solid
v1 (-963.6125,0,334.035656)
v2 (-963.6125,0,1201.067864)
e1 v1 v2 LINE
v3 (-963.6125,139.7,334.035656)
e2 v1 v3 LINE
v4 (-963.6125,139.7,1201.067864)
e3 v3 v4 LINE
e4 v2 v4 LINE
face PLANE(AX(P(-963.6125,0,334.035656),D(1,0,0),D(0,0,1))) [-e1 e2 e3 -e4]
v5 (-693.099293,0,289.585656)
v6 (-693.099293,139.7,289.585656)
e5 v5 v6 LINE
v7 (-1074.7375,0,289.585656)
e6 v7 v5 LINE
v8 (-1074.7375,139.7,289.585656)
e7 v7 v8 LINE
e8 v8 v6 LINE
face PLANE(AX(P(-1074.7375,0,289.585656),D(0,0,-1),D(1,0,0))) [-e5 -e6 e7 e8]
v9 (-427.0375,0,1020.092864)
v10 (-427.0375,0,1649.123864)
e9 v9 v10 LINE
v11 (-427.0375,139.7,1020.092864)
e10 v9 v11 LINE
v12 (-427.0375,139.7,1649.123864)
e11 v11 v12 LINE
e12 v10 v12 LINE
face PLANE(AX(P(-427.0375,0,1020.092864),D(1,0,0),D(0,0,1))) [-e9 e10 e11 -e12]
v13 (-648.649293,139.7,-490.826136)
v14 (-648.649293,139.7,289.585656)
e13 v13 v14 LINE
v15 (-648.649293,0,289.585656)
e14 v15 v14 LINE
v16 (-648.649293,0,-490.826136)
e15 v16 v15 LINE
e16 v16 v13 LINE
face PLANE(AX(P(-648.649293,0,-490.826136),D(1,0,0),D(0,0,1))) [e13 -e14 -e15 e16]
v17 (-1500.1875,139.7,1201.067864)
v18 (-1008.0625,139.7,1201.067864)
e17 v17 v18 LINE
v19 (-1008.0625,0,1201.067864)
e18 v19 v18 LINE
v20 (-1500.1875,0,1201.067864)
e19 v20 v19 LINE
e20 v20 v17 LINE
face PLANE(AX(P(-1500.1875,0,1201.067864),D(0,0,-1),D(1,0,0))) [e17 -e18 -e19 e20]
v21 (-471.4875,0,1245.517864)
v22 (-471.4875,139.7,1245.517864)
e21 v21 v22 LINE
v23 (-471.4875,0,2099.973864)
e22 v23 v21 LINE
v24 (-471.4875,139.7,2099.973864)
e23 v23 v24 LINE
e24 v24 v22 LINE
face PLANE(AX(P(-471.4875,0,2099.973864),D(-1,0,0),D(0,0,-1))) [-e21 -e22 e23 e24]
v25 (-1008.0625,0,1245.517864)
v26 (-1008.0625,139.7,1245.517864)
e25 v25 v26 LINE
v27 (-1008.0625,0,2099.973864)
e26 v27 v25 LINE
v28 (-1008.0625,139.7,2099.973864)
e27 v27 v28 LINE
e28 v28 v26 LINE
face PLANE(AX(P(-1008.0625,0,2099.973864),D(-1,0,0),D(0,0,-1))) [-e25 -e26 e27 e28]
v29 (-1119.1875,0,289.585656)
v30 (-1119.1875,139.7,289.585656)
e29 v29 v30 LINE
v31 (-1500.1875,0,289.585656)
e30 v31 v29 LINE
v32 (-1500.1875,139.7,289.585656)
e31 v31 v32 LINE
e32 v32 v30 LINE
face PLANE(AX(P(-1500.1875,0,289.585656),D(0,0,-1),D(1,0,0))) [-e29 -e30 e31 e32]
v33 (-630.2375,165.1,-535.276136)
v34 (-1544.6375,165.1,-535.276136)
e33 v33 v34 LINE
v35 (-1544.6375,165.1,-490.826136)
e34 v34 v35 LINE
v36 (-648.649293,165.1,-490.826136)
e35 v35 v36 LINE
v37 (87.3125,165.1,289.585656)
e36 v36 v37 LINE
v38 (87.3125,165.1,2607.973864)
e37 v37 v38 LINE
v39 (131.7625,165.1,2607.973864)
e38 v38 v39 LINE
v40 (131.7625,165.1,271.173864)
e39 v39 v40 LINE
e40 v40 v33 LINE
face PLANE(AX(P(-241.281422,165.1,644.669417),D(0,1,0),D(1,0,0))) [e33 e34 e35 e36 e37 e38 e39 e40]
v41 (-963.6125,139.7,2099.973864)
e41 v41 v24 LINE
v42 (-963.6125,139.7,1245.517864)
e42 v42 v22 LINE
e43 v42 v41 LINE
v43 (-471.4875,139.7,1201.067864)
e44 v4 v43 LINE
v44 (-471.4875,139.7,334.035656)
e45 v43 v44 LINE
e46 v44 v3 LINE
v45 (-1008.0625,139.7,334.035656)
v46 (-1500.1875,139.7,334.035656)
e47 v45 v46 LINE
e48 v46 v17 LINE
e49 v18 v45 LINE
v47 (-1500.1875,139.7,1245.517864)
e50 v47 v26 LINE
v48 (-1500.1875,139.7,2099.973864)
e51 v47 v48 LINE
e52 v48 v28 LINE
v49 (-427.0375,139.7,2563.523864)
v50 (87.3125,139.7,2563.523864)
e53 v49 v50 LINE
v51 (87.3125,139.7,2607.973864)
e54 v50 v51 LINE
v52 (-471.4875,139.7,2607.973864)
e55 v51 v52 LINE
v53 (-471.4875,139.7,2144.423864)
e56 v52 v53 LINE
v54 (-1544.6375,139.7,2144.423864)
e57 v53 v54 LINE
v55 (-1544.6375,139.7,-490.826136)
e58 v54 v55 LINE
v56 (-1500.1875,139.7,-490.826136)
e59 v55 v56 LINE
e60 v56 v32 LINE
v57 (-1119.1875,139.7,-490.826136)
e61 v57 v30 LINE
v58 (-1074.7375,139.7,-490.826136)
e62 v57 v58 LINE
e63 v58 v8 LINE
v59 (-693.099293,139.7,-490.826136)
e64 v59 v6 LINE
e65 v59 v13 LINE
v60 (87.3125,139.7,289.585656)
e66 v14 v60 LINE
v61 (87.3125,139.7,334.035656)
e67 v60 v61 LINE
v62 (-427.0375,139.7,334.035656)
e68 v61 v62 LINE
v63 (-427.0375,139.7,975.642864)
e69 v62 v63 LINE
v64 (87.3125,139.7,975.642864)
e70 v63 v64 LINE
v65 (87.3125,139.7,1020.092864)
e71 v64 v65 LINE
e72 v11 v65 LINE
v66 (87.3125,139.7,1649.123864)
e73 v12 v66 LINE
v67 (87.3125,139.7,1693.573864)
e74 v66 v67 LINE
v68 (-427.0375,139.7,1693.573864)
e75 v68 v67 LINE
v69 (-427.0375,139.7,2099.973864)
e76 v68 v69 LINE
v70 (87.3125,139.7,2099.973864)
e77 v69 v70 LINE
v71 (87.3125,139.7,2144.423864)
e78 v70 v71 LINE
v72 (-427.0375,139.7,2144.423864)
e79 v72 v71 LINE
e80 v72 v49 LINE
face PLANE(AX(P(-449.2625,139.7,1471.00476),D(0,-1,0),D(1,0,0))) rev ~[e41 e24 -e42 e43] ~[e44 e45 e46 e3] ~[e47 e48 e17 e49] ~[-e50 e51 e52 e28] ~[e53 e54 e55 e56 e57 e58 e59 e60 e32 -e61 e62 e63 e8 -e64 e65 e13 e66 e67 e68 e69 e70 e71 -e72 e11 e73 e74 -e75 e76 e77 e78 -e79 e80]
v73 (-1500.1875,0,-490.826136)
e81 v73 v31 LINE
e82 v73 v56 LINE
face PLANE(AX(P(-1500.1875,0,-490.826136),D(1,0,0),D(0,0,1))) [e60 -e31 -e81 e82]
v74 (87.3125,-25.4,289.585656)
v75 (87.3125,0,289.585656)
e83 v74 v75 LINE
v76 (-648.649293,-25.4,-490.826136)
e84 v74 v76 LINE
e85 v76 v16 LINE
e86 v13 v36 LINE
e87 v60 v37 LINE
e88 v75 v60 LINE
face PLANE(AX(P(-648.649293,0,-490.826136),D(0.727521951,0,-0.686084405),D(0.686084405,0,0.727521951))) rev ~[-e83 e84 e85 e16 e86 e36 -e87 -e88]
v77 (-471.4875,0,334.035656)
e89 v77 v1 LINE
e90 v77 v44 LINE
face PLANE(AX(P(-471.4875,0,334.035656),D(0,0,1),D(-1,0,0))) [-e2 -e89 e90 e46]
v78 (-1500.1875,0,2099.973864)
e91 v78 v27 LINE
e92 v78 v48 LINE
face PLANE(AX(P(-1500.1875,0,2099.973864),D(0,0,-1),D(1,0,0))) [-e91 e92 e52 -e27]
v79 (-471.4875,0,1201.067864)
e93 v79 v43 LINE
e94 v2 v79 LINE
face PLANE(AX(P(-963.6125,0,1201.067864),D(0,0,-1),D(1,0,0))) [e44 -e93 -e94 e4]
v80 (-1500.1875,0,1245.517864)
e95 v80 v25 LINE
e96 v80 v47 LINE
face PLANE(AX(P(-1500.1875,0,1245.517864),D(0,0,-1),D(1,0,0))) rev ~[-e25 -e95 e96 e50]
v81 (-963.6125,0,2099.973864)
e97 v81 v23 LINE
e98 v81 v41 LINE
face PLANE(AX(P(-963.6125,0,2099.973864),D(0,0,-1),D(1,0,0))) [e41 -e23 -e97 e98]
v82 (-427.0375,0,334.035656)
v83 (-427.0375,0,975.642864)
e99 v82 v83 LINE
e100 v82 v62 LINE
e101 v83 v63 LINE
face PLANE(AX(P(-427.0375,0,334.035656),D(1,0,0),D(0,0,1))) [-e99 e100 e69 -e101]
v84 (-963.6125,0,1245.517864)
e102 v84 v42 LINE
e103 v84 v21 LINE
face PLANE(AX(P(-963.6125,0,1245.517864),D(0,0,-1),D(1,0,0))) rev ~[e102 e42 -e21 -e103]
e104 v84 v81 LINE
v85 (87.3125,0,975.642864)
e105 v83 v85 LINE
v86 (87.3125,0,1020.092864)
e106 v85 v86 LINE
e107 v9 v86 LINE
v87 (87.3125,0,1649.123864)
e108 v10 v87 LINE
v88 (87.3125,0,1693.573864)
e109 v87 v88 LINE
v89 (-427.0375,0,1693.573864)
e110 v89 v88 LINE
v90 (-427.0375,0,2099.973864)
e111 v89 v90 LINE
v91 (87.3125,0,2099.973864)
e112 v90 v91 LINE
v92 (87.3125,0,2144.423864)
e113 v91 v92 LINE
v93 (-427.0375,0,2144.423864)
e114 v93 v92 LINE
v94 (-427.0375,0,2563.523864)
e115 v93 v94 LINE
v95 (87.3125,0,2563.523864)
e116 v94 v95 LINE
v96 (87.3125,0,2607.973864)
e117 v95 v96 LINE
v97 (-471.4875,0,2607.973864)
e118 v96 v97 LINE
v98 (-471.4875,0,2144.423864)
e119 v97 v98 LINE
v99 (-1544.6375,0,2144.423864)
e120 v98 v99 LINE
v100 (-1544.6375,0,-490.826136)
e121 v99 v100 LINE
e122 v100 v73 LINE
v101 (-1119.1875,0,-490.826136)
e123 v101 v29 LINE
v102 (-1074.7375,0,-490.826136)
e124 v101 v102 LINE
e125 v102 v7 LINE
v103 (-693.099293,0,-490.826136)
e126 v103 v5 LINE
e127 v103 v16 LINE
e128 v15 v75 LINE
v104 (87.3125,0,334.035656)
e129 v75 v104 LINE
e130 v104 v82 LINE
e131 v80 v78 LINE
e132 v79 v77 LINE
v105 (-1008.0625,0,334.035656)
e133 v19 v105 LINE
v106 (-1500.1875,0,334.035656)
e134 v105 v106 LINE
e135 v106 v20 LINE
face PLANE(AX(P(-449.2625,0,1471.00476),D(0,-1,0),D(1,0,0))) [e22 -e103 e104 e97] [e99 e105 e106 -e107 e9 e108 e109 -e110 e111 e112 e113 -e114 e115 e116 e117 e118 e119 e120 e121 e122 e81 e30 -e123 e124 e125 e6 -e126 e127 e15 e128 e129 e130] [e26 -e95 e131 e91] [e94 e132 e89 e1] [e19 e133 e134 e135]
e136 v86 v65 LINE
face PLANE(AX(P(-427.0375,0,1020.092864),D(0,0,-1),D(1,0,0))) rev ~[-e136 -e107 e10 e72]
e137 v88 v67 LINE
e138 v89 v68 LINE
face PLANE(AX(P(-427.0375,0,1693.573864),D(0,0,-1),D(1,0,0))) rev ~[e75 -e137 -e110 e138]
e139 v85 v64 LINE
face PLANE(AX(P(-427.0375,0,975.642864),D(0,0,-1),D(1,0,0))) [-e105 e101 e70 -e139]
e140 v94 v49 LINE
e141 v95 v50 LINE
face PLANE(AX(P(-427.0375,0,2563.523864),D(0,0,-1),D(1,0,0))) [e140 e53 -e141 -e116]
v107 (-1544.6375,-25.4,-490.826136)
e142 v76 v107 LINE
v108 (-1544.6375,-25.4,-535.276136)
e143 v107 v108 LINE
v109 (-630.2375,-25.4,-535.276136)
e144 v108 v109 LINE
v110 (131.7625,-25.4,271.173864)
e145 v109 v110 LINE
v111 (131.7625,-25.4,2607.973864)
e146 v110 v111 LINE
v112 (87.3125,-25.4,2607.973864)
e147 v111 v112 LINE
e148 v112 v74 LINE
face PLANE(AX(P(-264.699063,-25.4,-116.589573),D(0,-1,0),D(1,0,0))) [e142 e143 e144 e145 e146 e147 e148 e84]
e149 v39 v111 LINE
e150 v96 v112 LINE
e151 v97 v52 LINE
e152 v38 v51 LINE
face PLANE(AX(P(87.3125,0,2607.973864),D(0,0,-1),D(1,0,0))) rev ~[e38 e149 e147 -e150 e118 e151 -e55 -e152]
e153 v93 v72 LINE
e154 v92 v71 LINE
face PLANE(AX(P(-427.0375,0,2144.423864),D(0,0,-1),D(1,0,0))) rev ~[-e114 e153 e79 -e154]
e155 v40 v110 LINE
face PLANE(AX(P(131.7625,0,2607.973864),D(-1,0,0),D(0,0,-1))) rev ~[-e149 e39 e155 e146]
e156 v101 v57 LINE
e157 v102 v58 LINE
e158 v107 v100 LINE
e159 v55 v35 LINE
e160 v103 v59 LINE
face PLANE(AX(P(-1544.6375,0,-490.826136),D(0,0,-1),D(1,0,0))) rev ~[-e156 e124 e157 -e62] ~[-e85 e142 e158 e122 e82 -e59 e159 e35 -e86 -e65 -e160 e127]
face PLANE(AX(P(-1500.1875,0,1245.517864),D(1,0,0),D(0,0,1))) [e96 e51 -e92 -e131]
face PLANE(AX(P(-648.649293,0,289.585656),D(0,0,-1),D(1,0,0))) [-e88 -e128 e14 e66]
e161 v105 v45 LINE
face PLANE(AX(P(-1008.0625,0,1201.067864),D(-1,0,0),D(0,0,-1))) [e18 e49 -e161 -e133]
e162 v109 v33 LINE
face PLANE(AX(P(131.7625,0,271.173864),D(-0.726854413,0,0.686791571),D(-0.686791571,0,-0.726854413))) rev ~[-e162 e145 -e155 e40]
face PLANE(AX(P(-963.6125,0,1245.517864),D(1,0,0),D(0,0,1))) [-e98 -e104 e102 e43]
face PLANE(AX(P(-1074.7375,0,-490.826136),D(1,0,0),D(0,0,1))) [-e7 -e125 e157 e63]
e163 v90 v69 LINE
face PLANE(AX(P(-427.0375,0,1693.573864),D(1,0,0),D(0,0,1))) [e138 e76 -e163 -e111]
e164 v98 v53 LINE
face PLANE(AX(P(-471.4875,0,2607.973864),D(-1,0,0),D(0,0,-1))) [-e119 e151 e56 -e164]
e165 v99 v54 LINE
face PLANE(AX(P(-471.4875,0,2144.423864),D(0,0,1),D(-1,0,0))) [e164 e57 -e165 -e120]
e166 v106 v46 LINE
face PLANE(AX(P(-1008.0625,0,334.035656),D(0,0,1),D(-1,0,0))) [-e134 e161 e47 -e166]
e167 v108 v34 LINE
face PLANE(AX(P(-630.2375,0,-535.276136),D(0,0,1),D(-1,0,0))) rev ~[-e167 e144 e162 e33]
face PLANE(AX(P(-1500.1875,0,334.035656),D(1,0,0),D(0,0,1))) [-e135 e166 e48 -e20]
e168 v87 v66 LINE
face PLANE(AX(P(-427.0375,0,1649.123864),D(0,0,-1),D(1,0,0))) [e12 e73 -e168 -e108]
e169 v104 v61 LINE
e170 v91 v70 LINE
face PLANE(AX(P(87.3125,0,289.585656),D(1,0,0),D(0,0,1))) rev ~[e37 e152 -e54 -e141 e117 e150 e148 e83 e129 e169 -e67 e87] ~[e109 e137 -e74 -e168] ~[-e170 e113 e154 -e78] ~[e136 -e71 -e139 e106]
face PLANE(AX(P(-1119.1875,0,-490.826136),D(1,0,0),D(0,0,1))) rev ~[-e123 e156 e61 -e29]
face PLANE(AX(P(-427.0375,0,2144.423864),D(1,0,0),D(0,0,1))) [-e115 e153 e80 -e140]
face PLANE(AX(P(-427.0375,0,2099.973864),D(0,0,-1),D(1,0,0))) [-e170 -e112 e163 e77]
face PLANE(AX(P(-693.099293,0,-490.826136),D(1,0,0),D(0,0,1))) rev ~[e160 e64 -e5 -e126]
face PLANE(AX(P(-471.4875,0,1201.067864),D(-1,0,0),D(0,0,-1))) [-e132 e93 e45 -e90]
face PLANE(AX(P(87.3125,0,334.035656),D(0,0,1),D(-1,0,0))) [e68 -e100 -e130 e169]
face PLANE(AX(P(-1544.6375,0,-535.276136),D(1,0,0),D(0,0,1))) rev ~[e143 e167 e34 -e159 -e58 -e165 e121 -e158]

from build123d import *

# Parameters (mm, degrees)
F1_DEPTH = 25.4
F2_DEPTH = 165.1
F0_W     = 514.35
F0_H     = 44.45
F0_W_2   = 44.45
F0_H_2   = 780.411792
F0_W_3   = 492.125
F3_DEPTH = 139.7


with BuildPart() as f1:
    # F0 (on Front) → F1 (new body)
    with BuildSketch(Plane.XZ):
        Polygon((-648.649293, -490.826136), (-630.2375, -535.276136), (131.7625, 271.173864), (87.3125, 289.585656), align=None)
        Polygon((87.3125, 289.585656), (131.7625, 271.173864), (131.7625, 2607.973864), (87.3125, 2607.973864), (87.3125, 2563.523864), (87.3125, 2144.423864), (87.3125, 2099.973864), (87.3125, 1693.573864), (87.3125, 1649.123864), (87.3125, 1020.092864), (87.3125, 975.642864), (87.3125, 334.035656), align=None)
        Polygon((-1544.6375, -490.826136), (-1544.6375, -535.276136), (-630.2375, -535.276136), (-648.649293, -490.826136), (-693.099293, -490.826136), (-1074.7375, -490.826136), (-1119.1875, -490.826136), (-1500.1875, -490.826136), align=None)
    extrude(amount=F1_DEPTH)

    # F1_face (on face) → F2 (join)
    with BuildSketch(Plane(origin=(-236.089118, 0, 641.088849), x_dir=(1, 0, 0), z_dir=(0, 1, 0))):
        Polygon((367.851618, 369.914985), (-394.148382, 1176.364985), (-1308.548382, 1176.364985), (-1308.548382, 1131.914985), (-412.560175, 1131.914985), (323.401618, 351.503193), (323.401618, -1966.885015), (367.851618, -1966.885015), align=None)
    extrude(amount=F2_DEPTH)

    # F0 (on Front) → F3 (join)
    with BuildSketch(Plane.XZ):
        Polygon((-471.4875, 2607.973864), (-471.4875, 2144.423864), (-471.4875, 2099.973864), (-471.4875, 1245.517864), (-471.4875, 1201.067864), (-471.4875, 334.035656), (-427.0375, 334.035656), (-427.0375, 975.642864), (-427.0375, 1020.092864), (-427.0375, 1649.123864), (-427.0375, 1693.573864), (-427.0375, 2099.973864), (-427.0375, 2144.423864), (-427.0375, 2563.523864), (-427.0375, 2607.973864), align=None)
        with Locations((-169.8625, 997.867864)):
            Rectangle(F0_W, F0_H)
        with Locations((-169.8625, 1671.348864)):
            Rectangle(F0_W, F0_H)
        Polygon((-1500.1875, 334.035656), (-1500.1875, 289.585656), (-1119.1875, 289.585656), (-1074.7375, 289.585656), (-693.099293, 289.585656), (-648.649293, 289.585656), (87.3125, 289.585656), (87.3125, 334.035656), (-427.0375, 334.035656), (-471.4875, 334.035656), (-963.6125, 334.035656), (-1008.0625, 334.035656), align=None)
        with Locations((-670.874293, -100.62024)):
            Rectangle(F0_W_2, F0_H_2)
        Polygon((-1544.6375, 2099.973864), (-1544.6375, -490.826136), (-1500.1875, -490.826136), (-1500.1875, 289.585656), (-1500.1875, 334.035656), (-1500.1875, 1201.067864), (-1500.1875, 1245.517864), (-1500.1875, 2099.973864), align=None)
        with Locations((-1096.9625, -100.62024)):
            Rectangle(F0_W_2, F0_H_2)
        Polygon((-963.6125, 2099.973864), (-1008.0625, 2099.973864), (-1008.0625, 1245.517864), (-1008.0625, 1201.067864), (-1008.0625, 334.035656), (-963.6125, 334.035656), (-963.6125, 1201.067864), (-963.6125, 1245.517864), align=None)
        with Locations((-1254.125, 1223.292864)):
            Rectangle(F0_W_3, F0_H)
        with Locations((-717.55, 1223.292864)):
            Rectangle(F0_W_3, F0_H)
        with Locations((-169.8625, 2122.198864)):
            Rectangle(F0_W, F0_H)
        Polygon((-1544.6375, 2144.423864), (-1544.6375, 2099.973864), (-1500.1875, 2099.973864), (-1008.0625, 2099.973864), (-963.6125, 2099.973864), (-471.4875, 2099.973864), (-471.4875, 2144.423864), align=None)
        with Locations((-169.8625, 2585.748864)):
            Rectangle(F0_W, F0_H)
    extrude(amount=-F3_DEPTH)


solid = f1.part
